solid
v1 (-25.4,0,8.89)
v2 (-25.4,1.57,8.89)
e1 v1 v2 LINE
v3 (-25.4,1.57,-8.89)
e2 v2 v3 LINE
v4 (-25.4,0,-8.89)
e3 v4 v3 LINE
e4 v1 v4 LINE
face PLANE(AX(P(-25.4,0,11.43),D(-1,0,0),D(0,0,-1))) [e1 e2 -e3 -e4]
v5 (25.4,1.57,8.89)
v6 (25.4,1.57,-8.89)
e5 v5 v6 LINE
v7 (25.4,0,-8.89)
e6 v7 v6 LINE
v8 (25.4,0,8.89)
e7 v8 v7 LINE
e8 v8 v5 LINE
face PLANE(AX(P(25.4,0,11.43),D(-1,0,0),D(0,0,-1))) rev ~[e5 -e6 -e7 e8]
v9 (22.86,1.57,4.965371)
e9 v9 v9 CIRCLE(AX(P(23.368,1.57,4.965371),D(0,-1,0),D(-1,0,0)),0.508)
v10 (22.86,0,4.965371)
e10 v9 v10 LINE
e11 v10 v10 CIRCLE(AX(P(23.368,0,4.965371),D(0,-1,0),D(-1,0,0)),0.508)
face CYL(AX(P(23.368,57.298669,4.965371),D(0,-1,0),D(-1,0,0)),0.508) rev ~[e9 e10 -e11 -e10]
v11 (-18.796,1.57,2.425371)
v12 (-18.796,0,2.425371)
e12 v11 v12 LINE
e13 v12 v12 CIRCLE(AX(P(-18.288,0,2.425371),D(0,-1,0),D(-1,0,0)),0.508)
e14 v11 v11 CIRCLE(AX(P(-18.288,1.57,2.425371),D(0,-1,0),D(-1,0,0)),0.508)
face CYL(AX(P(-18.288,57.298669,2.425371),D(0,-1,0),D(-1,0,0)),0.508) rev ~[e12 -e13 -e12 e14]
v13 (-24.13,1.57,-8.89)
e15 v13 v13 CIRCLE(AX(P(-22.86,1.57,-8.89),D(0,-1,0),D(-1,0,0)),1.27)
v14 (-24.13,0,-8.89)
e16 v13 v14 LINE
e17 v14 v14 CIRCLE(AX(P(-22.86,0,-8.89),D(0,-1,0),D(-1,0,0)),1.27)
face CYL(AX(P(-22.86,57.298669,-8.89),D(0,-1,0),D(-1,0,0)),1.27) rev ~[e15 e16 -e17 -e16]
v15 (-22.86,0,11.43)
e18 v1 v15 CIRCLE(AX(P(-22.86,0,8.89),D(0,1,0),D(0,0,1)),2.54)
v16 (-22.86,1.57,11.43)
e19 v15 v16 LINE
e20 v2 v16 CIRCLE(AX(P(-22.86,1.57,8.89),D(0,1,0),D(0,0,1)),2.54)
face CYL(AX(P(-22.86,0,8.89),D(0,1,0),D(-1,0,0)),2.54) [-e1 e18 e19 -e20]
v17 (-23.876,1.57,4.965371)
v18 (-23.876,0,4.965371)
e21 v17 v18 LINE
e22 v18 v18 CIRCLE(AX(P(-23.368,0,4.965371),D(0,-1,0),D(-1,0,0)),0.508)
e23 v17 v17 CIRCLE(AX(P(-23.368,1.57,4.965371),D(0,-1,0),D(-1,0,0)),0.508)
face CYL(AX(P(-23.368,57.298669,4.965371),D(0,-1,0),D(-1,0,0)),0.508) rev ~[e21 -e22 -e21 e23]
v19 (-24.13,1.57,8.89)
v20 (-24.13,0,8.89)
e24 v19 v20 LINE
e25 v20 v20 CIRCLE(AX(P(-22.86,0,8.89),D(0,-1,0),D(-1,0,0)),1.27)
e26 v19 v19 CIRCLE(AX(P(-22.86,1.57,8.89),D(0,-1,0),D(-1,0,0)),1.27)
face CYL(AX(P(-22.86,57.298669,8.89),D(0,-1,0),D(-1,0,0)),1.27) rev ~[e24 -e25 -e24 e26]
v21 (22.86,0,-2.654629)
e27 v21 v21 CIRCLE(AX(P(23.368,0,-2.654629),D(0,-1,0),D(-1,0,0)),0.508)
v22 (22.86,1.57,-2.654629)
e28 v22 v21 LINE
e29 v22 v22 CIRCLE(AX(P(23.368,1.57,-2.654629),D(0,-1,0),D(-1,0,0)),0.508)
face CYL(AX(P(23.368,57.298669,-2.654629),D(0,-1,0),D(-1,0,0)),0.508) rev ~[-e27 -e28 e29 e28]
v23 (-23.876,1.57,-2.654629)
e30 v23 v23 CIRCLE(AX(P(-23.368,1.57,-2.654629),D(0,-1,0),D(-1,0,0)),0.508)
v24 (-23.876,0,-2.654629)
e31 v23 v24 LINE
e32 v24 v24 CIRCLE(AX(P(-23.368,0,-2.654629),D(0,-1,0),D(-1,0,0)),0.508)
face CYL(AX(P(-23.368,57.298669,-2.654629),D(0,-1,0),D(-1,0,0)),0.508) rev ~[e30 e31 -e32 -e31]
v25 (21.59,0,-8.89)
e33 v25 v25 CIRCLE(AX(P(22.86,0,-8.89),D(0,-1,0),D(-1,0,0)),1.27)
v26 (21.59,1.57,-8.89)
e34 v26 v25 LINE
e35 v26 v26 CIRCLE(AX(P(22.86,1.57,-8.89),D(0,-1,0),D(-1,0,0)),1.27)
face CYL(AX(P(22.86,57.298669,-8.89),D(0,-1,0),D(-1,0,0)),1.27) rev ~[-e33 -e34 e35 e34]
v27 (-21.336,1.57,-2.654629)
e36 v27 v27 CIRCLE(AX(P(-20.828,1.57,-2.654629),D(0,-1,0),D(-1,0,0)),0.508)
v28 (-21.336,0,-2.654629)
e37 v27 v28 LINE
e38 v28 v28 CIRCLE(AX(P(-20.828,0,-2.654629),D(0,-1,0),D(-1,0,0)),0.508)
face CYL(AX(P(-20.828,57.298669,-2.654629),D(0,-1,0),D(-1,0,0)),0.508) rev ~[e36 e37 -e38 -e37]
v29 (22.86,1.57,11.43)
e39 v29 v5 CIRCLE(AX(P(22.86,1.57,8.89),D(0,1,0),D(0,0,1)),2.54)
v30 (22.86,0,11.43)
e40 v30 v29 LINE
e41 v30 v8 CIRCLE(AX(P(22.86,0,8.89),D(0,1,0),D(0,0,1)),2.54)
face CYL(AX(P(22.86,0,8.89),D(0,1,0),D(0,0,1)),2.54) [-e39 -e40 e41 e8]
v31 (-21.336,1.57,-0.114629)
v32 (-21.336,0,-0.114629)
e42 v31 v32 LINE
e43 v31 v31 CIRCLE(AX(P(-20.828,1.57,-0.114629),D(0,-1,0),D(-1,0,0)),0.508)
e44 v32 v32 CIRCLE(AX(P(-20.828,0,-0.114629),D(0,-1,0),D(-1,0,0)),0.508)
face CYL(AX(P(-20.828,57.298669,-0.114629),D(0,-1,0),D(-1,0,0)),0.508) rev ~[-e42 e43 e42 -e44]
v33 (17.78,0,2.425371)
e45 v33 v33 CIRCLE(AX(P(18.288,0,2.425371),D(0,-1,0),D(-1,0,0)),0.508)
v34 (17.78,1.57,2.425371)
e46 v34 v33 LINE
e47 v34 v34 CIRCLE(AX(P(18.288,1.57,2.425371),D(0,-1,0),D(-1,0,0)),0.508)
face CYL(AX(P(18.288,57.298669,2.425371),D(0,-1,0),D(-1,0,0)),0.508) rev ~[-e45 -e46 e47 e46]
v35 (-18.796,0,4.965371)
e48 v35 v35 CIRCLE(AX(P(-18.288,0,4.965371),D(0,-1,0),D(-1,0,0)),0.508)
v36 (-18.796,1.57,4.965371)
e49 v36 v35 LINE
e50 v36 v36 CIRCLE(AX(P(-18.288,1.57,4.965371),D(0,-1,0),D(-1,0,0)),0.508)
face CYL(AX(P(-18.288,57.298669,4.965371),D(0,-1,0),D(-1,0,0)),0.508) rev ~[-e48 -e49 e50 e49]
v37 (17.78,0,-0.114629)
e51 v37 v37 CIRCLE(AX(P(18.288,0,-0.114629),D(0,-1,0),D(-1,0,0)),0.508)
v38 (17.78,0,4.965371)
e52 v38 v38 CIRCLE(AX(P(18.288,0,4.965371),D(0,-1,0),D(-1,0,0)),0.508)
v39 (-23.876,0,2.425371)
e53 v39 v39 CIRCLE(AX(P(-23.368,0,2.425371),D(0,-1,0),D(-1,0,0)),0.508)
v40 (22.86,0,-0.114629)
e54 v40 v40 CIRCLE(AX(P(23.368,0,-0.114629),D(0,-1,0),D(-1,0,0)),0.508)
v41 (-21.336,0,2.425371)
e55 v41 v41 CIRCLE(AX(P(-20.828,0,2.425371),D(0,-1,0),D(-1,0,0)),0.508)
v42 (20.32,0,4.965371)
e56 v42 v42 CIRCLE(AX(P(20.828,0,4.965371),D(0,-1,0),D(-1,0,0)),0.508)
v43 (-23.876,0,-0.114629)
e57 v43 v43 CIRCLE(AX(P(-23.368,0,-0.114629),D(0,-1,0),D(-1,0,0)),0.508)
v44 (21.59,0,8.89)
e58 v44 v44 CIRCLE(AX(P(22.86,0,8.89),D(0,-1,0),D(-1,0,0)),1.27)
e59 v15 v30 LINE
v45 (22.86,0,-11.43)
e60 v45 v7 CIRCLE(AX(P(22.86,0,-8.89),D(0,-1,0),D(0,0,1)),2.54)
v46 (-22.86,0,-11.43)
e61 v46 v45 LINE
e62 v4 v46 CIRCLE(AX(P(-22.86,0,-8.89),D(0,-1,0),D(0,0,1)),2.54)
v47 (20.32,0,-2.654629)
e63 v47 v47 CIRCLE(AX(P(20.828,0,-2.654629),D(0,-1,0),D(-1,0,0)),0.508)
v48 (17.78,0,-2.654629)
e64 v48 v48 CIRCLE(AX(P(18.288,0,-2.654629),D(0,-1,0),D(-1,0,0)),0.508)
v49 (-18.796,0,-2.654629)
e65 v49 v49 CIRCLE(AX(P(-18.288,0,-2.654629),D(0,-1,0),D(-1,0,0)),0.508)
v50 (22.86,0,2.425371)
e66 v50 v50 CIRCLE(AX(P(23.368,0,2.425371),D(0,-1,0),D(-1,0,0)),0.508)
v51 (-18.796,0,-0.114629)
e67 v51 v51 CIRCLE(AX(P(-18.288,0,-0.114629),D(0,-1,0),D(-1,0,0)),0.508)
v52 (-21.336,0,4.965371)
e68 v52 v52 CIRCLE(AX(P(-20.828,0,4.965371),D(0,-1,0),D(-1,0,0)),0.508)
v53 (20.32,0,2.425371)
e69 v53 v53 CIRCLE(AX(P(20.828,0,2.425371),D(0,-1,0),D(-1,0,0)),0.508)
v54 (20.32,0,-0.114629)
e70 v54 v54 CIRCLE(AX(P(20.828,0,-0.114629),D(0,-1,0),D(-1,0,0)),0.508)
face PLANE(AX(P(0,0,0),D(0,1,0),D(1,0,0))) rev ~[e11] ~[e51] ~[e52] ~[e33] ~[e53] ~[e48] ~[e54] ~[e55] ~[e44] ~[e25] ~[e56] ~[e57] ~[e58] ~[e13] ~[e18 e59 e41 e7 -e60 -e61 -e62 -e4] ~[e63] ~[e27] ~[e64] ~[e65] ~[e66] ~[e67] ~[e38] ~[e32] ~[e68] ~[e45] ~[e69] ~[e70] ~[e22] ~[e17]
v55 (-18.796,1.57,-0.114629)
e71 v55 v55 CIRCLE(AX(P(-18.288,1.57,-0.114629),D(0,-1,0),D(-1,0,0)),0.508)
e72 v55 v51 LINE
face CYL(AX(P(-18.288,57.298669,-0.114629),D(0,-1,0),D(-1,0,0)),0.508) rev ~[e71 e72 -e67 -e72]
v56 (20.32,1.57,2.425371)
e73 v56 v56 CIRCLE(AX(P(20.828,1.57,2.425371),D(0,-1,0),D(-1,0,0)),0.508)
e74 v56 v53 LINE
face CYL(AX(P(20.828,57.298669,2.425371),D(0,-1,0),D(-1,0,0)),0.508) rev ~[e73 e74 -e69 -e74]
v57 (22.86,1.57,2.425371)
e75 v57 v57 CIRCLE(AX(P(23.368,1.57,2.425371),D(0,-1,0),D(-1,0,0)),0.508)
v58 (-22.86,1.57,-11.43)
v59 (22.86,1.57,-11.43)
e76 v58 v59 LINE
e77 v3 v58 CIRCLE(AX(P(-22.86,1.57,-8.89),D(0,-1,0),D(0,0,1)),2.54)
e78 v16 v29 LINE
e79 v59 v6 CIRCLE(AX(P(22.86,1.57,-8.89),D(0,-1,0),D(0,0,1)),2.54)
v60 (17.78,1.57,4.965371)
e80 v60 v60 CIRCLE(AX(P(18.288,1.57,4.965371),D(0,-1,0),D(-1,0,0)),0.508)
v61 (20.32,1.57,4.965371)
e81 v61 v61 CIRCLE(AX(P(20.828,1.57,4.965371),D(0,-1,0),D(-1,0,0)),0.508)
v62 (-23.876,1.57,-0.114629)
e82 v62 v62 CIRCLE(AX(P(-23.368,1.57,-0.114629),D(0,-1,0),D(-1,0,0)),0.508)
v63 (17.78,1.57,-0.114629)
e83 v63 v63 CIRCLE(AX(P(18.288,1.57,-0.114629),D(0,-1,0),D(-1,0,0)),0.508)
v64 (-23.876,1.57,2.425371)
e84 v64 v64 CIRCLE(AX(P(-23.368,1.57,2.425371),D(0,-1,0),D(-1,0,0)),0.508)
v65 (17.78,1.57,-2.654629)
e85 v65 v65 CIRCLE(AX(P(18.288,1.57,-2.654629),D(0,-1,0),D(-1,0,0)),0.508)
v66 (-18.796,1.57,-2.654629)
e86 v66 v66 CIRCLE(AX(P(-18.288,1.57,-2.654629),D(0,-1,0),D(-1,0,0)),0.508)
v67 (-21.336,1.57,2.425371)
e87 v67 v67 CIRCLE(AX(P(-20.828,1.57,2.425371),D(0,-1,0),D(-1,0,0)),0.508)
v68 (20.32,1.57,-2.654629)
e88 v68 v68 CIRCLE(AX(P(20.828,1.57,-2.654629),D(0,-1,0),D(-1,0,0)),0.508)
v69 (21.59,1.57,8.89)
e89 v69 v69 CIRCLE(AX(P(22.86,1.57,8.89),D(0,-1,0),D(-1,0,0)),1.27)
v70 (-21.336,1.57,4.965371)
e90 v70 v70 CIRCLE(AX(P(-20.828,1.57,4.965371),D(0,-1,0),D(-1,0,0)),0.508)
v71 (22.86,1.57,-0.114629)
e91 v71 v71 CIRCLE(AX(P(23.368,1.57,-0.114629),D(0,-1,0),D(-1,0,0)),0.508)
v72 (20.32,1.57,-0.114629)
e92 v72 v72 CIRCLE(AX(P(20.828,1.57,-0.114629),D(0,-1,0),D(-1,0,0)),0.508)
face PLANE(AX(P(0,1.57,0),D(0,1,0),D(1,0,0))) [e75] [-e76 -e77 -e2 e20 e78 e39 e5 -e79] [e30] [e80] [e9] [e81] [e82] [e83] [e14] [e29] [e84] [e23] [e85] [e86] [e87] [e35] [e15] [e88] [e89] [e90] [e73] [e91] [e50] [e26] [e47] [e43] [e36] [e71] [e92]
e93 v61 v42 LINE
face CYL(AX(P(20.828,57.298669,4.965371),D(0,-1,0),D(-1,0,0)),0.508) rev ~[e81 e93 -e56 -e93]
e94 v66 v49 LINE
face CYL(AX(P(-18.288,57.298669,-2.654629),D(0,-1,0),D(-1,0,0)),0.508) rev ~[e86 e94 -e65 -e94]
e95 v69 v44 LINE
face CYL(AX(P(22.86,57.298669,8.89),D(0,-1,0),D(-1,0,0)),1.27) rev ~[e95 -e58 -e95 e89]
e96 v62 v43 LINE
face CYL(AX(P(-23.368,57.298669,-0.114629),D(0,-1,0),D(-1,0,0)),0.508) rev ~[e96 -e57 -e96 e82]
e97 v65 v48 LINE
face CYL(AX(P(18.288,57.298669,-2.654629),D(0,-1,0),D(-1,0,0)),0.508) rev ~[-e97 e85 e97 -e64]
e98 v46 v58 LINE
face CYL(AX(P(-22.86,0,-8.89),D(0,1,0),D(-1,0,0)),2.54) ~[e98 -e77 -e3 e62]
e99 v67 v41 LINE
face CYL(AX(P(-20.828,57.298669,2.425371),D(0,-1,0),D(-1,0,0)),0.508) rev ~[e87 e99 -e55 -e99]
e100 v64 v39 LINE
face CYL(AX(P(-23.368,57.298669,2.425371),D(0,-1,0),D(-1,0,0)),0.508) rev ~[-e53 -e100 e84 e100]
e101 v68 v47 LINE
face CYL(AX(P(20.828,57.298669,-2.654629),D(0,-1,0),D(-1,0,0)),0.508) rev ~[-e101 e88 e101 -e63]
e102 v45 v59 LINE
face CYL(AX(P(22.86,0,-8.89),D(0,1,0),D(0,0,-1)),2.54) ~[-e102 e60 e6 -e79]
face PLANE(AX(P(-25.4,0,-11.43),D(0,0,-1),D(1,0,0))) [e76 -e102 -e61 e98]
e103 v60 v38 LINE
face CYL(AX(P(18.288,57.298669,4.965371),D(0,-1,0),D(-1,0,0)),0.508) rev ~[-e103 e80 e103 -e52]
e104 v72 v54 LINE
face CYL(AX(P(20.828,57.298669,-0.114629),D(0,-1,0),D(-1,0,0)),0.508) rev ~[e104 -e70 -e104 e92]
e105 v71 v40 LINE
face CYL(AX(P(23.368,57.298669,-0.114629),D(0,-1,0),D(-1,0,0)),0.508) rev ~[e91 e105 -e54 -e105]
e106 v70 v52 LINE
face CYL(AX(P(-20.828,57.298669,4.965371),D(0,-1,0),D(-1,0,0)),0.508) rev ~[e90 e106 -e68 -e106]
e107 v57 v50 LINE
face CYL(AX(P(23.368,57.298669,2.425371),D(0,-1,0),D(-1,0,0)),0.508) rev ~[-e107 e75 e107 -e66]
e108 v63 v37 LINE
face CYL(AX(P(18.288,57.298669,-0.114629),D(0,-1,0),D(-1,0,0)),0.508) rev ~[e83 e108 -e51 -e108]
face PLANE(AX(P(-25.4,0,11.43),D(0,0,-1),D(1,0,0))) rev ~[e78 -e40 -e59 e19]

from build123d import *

# Parameters (mm, degrees)
SKETCH1_W                 = 50.8
SKETCH1_H                 = 22.86
BOSS_EXTRUDE1_DEPTH       = 1.57
F_1_16_0_1_DOWEL_HOLE1_D  = 2.54
FILLET1_R                 = 2.54
F_1_16_0_04_DOWEL_HOLE3_D = 1.016
LPATTERN6_COUNT           = 4
LPATTERN6_PITCH           = 2.54
LPATTERN6_COUNT_DIR2      = 2
LPATTERN6_PITCH_DIR2      = 2.54
LPATTERN7_COUNT           = 2
LPATTERN7_PITCH           = 2.54
LPATTERN7_COUNT_DIR2      = 4
LPATTERN7_PITCH_DIR2      = 2.54
LPATTERN8_COUNT           = 2
LPATTERN8_PITCH           = 41.656
LPATTERN8_COPY_1_D        = 1.016
LPATTERN8_COPY_2_D        = 1.016
LPATTERN8_COPY_3_D        = 1.016
LPATTERN8_COPY_4_D        = 1.016
LPATTERN8_COPY_5_D        = 1.016
LPATTERN8_COPY_6_D        = 1.016
LPATTERN8_COPY_7_D        = 1.016
LPATTERN8_COPY_8_D        = 1.016
LPATTERN8_COPY_9_D        = 1.016
LPATTERN8_COPY_10_D       = 1.016
LPATTERN8_COPY_11_D       = 1.016
LPATTERN8_COPY_12_D       = 1.016
LPATTERN8_COPY_13_D       = 1.016
LPATTERN8_COPY_14_D       = 1.016


with BuildPart() as part:
    # Sketch1 → Boss-Extrude1 (new body)
    with BuildSketch(Plane(origin=(0, 0, 0), x_dir=(1, 0, 0), z_dir=(0, 1, 0))):
        Rectangle(SKETCH1_W, SKETCH1_H)
    extrude(amount=BOSS_EXTRUDE1_DEPTH)

    # 1/16 (0.1) Dowel Hole1 (through all)
    with Locations(Plane(origin=(0, 1.57, 0), x_dir=(1, 0, 0), z_dir=(0, 1, 0))):
        with Locations((-22.86, 8.89), (22.86, 8.89), (22.86, -8.89), (-22.86, -8.89)):
            Hole(F_1_16_0_1_DOWEL_HOLE1_D / 2)

    # Fillet1
    fillet1_edges = [part.edges().sort_by_distance(p)[0] for p in [
        (25.4, 0.785, 11.43),
        (-25.4, 0.785, 11.43),
        (-25.4, 0.785, -11.43),
        (25.4, 0.785, -11.43),
    ]]
    fillet(fillet1_edges, radius=FILLET1_R)

    # 1/16 (0.04) Dowel Hole3 (through all)
    with Locations(Plane(origin=(0, 1.57, 0), x_dir=(1, 0, 0), z_dir=(0, 1, 0))):
        with Locations((-20.828, -4.965370827)):
            f_1_16_0_04_dowel_hole3 = Hole(F_1_16_0_04_DOWEL_HOLE3_D / 2)

    # LPattern6: 1_16 _0.04_ Dowel Hole3 4 × 2
    with Locations(*[(-j * LPATTERN6_PITCH_DIR2, 0, -i * LPATTERN6_PITCH) for i in range(LPATTERN6_COUNT) for j in range(LPATTERN6_COUNT_DIR2) if (i, j) != (0, 0)]):
        add(f_1_16_0_04_dowel_hole3, mode=Mode.SUBTRACT)

    # LPattern7: 1_16 _0.04_ Dowel Hole3 2 × 4
    with Locations(*[(i * LPATTERN7_PITCH, 0, -j * LPATTERN7_PITCH_DIR2) for i in range(LPATTERN7_COUNT) for j in range(LPATTERN7_COUNT_DIR2) if (i, j) != (0, 0)]):
        add(f_1_16_0_04_dowel_hole3, mode=Mode.SUBTRACT)

    # LPattern8: 1/16 (0.04) Dowel Hole3 ×2
    with Locations(*[(i * LPATTERN8_PITCH, 0, 0) for i in range(1, LPATTERN8_COUNT)]):
        add(f_1_16_0_04_dowel_hole3, mode=Mode.SUBTRACT)

    # LPattern8 copy 1 (through all)
    with Locations(Plane(origin=(39.116, 1.57, 0), x_dir=(1, 0, 0), z_dir=(0, 1, 0))):
        with Locations((-20.828, -4.965370827)):
            Hole(LPATTERN8_COPY_1_D / 2)

    # LPattern8 copy 2 (through all)
    with Locations(Plane(origin=(41.656, 1.57, -2.54), x_dir=(1, 0, 0), z_dir=(0, 1, 0))):
        with Locations((-20.828, -4.965370827)):
            Hole(LPATTERN8_COPY_2_D / 2)

    # LPattern8 copy 3 (through all)
    with Locations(Plane(origin=(39.116, 1.57, -2.54), x_dir=(1, 0, 0), z_dir=(0, 1, 0))):
        with Locations((-20.828, -4.965370827)):
            Hole(LPATTERN8_COPY_3_D / 2)

    # LPattern8 copy 4 (through all)
    with Locations(Plane(origin=(41.656, 1.57, -5.08), x_dir=(1, 0, 0), z_dir=(0, 1, 0))):
        with Locations((-20.828, -4.965370827)):
            Hole(LPATTERN8_COPY_4_D / 2)

    # LPattern8 copy 5 (through all)
    with Locations(Plane(origin=(39.116, 1.57, -5.08), x_dir=(1, 0, 0), z_dir=(0, 1, 0))):
        with Locations((-20.828, -4.965370827)):
            Hole(LPATTERN8_COPY_5_D / 2)

    # LPattern8 copy 6 (through all)
    with Locations(Plane(origin=(41.656, 1.57, -7.62), x_dir=(1, 0, 0), z_dir=(0, 1, 0))):
        with Locations((-20.828, -4.965370827)):
            Hole(LPATTERN8_COPY_6_D / 2)

    # LPattern8 copy 7 (through all)
    with Locations(Plane(origin=(39.116, 1.57, -7.62), x_dir=(1, 0, 0), z_dir=(0, 1, 0))):
        with Locations((-20.828, -4.965370827)):
            Hole(LPATTERN8_COPY_7_D / 2)

    # LPattern8 copy 8 (through all)
    with Locations(Plane(origin=(41.656, 1.57, -2.54), x_dir=(1, 0, 0), z_dir=(0, 1, 0))):
        with Locations((-20.828, -4.965370827)):
            Hole(LPATTERN8_COPY_8_D / 2)

    # LPattern8 copy 9 (through all)
    with Locations(Plane(origin=(41.656, 1.57, -5.08), x_dir=(1, 0, 0), z_dir=(0, 1, 0))):
        with Locations((-20.828, -4.965370827)):
            Hole(LPATTERN8_COPY_9_D / 2)

    # LPattern8 copy 10 (through all)
    with Locations(Plane(origin=(41.656, 1.57, -7.62), x_dir=(1, 0, 0), z_dir=(0, 1, 0))):
        with Locations((-20.828, -4.965370827)):
            Hole(LPATTERN8_COPY_10_D / 2)

    # LPattern8 copy 11 (through all)
    with Locations(Plane(origin=(44.196, 1.57, 0), x_dir=(1, 0, 0), z_dir=(0, 1, 0))):
        with Locations((-20.828, -4.965370827)):
            Hole(LPATTERN8_COPY_11_D / 2)

    # LPattern8 copy 12 (through all)
    with Locations(Plane(origin=(44.196, 1.57, -2.54), x_dir=(1, 0, 0), z_dir=(0, 1, 0))):
        with Locations((-20.828, -4.965370827)):
            Hole(LPATTERN8_COPY_12_D / 2)

    # LPattern8 copy 13 (through all)
    with Locations(Plane(origin=(44.196, 1.57, -5.08), x_dir=(1, 0, 0), z_dir=(0, 1, 0))):
        with Locations((-20.828, -4.965370827)):
            Hole(LPATTERN8_COPY_13_D / 2)

    # LPattern8 copy 14 (through all)
    with Locations(Plane(origin=(44.196, 1.57, -7.62), x_dir=(1, 0, 0), z_dir=(0, 1, 0))):
        with Locations((-20.828, -4.965370827)):
            Hole(LPATTERN8_COPY_14_D / 2)


solid = part.part
